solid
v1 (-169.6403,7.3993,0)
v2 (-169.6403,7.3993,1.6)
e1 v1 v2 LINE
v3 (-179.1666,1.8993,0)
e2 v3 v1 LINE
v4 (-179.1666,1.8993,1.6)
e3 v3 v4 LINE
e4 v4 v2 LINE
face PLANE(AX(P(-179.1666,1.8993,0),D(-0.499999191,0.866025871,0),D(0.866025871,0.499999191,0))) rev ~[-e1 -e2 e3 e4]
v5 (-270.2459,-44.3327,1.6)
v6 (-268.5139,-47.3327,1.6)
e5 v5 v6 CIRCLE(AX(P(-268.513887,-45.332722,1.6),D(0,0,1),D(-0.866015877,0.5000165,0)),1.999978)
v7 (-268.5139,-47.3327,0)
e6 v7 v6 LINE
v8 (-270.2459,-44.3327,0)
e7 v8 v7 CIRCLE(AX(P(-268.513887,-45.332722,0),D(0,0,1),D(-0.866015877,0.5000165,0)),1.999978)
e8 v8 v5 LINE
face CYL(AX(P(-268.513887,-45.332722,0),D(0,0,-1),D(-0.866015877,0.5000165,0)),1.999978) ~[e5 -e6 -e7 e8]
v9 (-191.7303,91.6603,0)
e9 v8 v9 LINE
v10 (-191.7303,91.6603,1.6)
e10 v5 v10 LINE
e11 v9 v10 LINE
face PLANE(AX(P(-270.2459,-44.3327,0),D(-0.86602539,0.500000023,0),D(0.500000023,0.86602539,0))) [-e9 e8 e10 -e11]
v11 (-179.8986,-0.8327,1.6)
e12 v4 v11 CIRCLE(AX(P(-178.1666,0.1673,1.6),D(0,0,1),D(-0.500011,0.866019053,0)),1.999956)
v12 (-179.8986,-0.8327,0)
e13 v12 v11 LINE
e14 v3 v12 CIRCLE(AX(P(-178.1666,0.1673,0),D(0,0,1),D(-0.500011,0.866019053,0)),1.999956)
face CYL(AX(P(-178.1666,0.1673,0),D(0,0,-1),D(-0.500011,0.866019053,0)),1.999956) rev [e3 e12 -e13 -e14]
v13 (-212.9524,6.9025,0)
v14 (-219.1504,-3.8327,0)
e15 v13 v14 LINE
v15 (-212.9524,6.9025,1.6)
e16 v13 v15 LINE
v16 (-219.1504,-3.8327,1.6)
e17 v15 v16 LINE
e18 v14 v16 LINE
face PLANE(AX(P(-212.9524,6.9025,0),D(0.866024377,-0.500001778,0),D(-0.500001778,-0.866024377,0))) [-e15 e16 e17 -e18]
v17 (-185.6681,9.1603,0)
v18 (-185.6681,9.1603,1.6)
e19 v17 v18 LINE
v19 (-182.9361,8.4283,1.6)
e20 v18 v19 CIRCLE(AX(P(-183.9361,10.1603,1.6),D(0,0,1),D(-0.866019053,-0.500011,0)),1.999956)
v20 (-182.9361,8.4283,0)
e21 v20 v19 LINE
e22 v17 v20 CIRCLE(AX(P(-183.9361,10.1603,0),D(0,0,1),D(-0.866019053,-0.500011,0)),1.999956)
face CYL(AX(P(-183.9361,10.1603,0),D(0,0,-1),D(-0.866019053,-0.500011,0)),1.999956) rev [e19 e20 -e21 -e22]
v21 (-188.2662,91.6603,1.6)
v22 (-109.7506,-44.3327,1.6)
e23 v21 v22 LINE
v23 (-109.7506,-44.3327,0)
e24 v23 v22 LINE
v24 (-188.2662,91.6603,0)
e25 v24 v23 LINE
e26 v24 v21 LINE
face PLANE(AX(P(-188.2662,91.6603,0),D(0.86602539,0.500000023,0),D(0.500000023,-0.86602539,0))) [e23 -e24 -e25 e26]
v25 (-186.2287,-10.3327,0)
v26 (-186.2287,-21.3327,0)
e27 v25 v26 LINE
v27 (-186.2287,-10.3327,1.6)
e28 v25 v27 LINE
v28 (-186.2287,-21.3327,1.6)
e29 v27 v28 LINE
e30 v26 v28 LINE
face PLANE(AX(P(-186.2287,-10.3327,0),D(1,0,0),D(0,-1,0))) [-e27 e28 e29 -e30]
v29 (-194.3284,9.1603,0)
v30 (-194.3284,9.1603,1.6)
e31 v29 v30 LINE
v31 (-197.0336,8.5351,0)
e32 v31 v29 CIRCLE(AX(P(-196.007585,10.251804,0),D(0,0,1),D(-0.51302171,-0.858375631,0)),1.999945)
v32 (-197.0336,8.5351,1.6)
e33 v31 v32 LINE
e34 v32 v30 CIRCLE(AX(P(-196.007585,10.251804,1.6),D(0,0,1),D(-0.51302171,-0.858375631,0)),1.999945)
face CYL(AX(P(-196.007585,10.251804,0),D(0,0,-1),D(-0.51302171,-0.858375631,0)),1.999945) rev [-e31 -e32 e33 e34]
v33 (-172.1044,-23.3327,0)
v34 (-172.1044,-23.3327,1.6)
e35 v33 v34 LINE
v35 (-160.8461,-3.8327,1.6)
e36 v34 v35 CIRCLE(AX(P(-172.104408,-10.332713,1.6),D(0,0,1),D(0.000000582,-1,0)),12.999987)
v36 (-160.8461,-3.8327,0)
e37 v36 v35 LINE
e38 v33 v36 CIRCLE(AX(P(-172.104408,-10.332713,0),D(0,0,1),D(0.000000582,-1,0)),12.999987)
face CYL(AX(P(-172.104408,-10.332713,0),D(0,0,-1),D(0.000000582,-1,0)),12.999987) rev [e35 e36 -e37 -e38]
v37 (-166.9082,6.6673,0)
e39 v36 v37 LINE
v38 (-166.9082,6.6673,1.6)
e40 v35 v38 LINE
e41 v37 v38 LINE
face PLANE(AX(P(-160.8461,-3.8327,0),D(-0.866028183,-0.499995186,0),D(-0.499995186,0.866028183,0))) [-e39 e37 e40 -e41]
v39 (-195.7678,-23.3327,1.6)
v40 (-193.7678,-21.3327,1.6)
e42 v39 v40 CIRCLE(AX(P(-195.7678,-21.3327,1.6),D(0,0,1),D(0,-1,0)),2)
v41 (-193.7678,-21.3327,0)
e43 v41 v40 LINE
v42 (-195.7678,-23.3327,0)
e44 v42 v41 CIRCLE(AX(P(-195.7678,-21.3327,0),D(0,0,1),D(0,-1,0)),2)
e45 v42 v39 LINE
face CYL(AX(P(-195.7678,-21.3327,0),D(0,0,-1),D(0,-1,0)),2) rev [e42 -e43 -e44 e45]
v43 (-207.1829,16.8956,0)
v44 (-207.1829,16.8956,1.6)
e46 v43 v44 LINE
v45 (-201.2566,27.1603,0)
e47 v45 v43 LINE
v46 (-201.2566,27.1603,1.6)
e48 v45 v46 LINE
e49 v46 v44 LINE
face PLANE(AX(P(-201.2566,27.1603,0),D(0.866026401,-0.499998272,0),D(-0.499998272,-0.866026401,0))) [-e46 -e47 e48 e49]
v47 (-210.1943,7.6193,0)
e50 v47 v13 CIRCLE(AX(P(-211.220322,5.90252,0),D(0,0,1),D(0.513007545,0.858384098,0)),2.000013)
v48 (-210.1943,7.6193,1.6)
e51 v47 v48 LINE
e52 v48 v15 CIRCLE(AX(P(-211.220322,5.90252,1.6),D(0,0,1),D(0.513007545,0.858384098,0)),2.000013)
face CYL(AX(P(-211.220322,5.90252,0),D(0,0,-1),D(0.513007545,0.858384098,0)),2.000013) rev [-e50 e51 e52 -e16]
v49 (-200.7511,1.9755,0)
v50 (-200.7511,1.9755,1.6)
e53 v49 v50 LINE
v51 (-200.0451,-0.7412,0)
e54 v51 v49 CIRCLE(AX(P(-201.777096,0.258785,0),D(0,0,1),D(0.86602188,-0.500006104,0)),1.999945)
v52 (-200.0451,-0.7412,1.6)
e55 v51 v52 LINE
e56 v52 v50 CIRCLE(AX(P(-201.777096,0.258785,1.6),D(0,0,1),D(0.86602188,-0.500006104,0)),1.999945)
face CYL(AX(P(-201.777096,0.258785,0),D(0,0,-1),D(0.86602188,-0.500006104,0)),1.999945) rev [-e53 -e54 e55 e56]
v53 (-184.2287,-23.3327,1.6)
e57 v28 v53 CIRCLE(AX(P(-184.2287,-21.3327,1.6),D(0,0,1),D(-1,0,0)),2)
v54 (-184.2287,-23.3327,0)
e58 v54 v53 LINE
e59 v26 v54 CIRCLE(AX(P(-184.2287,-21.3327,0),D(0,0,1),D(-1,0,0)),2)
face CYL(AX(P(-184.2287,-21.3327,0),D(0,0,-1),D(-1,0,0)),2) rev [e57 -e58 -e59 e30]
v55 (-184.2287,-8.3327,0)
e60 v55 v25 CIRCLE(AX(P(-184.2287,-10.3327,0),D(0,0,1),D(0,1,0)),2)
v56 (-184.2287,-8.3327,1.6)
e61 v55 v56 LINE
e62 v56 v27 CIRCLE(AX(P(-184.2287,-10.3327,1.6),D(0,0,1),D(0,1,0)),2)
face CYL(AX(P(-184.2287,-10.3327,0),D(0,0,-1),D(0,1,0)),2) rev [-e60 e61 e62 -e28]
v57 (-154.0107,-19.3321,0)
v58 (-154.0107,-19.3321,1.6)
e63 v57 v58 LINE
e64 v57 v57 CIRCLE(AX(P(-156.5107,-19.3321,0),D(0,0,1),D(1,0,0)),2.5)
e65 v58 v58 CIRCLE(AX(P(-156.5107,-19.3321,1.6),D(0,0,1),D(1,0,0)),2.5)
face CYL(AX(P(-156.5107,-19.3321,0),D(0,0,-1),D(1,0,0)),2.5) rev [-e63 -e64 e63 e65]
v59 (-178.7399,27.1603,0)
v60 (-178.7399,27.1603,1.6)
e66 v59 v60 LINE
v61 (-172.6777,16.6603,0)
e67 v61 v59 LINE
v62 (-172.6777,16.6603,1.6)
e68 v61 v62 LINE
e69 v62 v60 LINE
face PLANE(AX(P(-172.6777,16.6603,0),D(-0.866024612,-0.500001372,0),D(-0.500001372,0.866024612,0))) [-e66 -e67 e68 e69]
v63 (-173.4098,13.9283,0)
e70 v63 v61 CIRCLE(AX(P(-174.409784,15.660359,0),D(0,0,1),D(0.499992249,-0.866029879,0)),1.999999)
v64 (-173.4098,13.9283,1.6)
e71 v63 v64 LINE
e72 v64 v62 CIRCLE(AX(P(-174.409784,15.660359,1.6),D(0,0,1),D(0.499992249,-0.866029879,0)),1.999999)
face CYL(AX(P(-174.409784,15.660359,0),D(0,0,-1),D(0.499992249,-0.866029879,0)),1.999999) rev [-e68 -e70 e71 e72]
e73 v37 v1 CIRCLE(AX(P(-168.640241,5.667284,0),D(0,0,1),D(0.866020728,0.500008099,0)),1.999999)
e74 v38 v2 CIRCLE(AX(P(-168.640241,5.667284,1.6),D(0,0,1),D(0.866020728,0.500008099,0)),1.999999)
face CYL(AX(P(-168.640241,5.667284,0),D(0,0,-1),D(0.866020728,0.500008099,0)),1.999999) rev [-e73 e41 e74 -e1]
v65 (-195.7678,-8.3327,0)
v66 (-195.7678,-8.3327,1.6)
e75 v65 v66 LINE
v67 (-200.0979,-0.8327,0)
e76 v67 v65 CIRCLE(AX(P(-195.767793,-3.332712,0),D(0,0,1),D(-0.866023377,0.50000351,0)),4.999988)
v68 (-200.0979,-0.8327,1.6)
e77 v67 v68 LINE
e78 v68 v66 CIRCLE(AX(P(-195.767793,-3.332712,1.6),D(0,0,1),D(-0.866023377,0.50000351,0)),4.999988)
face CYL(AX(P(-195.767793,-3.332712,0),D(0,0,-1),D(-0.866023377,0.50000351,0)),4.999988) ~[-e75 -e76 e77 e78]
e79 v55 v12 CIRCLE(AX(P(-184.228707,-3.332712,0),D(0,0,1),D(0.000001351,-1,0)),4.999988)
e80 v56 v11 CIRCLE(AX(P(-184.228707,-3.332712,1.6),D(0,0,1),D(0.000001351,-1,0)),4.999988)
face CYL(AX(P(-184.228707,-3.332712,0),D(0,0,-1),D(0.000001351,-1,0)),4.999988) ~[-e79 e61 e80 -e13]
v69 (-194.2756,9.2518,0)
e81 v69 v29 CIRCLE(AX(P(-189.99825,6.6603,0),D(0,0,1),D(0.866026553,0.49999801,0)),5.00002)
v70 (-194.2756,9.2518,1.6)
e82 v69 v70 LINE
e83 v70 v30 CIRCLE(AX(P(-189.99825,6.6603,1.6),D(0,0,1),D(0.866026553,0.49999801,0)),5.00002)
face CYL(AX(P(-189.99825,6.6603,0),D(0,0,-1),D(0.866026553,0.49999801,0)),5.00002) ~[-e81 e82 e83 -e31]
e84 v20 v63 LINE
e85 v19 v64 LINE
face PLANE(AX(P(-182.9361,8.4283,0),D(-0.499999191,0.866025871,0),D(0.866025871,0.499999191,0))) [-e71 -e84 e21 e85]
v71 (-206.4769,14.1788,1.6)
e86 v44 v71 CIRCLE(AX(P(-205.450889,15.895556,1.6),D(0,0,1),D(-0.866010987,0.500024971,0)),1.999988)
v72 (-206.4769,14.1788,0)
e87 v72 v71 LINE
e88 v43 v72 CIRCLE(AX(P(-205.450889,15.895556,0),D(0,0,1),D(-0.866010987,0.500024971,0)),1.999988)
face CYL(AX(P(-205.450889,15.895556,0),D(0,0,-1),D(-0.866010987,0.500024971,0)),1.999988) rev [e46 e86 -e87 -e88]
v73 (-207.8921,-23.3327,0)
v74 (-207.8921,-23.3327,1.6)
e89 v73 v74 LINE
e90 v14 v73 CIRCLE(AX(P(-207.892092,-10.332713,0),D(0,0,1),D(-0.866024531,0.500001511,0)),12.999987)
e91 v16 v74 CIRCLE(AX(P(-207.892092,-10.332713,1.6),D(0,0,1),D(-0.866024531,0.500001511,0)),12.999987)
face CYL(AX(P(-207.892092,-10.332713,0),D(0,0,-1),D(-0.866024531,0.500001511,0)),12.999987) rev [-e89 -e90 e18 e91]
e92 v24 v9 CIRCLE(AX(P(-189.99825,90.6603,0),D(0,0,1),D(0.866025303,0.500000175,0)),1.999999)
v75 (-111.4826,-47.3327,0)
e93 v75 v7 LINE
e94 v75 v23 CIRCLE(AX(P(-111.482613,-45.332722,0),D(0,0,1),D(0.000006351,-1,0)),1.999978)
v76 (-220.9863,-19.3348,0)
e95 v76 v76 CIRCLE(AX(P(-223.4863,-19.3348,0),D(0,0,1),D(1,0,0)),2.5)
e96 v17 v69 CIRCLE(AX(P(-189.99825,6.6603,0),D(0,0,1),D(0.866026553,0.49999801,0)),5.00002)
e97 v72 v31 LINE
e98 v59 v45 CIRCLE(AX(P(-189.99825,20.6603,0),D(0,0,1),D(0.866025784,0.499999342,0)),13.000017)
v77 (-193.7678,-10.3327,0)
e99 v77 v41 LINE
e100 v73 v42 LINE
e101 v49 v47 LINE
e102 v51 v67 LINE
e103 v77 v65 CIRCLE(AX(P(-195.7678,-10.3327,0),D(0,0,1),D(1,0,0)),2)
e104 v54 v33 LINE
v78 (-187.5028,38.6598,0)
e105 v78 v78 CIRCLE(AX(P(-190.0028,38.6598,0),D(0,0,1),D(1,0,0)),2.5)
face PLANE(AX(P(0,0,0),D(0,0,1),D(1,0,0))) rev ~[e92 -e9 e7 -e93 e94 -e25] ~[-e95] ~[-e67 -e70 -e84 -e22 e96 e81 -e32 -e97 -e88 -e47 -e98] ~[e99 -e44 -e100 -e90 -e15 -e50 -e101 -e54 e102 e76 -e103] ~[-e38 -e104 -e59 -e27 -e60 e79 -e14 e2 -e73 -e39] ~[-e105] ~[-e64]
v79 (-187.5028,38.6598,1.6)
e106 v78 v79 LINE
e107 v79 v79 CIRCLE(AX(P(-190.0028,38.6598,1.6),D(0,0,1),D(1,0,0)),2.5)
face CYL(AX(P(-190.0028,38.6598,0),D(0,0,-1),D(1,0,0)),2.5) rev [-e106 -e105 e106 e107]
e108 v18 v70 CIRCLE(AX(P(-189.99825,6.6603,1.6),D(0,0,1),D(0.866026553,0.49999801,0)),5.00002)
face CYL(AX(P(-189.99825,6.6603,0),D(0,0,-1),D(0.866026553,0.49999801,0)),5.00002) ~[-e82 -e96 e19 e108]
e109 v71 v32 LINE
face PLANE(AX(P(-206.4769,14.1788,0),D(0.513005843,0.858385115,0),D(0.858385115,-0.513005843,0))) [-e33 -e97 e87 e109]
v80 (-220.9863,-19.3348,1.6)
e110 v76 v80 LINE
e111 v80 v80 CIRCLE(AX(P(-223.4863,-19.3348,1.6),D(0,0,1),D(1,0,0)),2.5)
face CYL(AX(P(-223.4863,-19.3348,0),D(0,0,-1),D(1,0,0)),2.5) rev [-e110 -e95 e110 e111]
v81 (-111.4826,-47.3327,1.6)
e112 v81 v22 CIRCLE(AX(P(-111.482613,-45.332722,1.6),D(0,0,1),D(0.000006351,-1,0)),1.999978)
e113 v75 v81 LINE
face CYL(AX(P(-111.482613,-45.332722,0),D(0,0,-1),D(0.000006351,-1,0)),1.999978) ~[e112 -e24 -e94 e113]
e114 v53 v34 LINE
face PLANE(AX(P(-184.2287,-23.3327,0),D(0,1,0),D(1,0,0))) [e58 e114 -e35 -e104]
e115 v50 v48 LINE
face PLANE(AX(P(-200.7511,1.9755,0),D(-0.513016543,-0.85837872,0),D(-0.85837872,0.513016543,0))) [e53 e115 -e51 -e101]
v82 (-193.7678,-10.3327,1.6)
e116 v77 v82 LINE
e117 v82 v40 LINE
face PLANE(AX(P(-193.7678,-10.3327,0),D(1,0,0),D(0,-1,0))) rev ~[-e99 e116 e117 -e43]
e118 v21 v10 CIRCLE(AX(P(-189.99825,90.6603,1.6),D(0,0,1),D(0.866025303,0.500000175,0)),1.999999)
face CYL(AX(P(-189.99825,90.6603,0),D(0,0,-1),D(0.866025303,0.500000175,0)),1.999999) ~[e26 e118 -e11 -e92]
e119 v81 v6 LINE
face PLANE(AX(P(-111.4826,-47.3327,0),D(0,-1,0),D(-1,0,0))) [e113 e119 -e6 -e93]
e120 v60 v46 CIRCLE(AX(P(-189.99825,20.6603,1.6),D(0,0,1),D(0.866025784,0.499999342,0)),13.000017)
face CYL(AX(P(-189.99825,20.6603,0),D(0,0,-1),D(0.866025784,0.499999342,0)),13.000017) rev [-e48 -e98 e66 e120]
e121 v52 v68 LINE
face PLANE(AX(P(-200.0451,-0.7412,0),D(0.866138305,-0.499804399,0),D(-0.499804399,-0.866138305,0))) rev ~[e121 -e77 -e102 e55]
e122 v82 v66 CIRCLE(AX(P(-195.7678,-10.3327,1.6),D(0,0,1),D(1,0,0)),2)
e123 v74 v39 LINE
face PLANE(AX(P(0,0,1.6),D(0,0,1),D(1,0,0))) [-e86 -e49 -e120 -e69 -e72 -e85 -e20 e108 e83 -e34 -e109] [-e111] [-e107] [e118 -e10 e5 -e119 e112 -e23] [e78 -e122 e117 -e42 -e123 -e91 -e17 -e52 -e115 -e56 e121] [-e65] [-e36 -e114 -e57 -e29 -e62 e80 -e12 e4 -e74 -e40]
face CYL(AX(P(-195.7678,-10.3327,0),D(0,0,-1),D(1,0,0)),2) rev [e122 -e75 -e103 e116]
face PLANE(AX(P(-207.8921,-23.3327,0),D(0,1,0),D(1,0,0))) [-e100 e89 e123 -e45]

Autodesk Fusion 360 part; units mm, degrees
sketch "Sketch1" plane through (0, 0, 0) normal (0, 0, 1) x (1, 0, 0)
  circle A0 centre (-190.0028, 38.6598) radius 2.5
  circle A1 centre (-223.4863, -19.3348) radius 2.5
  circle A2 centre (-156.5107, -19.3321) radius 2.5
  line L0 (-270.2459, -44.3327) -> (-191.7303, 91.6603)
  line L1 (-188.2662, 91.6603) -> (-109.7506, -44.3327)
  line L2 (-111.4826, -47.3327) -> (-268.5139, -47.3327)
  line L3 (-274.0245, -46.8774) -> (-272.6069, -49.3327)
  line L4 (-274.0245, -46.8774) -> (-191.4162, 96.2043)
  line L5 (-188.5801, 96.204) -> (-191.4221, 96.204)
  line L6 (-107.3967, -49.3327) -> (-105.9755, -46.8713)
  line L7 (-107.3967, -49.3327) -> (-272.6069, -49.3327)
  line L8 (-188.5801, 96.204) -> (-105.9755, -46.8713)
  arc A3 (-270.2459, -44.3327) -> (-268.5139, -47.3327) centre (-268.5139, -45.3327) ccw
  arc A4 (-188.2662, 91.6603) -> (-191.7303, 91.6603) centre (-189.9983, 90.6603) ccw
  arc A5 (-111.4826, -47.3327) -> (-109.7506, -44.3327) centre (-111.4826, -45.3327) ccw
  arc A6 (-219.1504, -3.8327) -> (-207.8921, -23.3327) centre (-207.8921, -10.3327) ccw
  arc A7 (-178.7399, 27.1603) -> (-201.2566, 27.1603) centre (-189.9983, 20.6603) ccw
  arc A8 (-172.1044, -23.3327) -> (-160.8461, -3.8327) centre (-172.1044, -10.3327) ccw
  arc A9 (-185.6681, 9.1603) -> (-194.3284, 9.1603) centre (-189.9983, 6.6603) ccw
  arc A10 (-200.0979, -0.8327) -> (-195.7678, -8.3327) centre (-195.7678, -3.3327) ccw
  arc A11 (-184.2287, -8.3327) -> (-179.8986, -0.8327) centre (-184.2287, -3.3327) ccw
  line L9 (-182.9361, 8.4283) -> (-173.4098, 13.9283)
  line L10 (-179.1666, 1.8993) -> (-169.6403, 7.3993)
  line L11 (-206.4769, 14.1788) -> (-197.0336, 8.5351)
  line L12 (-200.7511, 1.9755) -> (-210.1943, 7.6193)
  line L13 (-186.2287, -10.3327) -> (-186.2287, -21.3327)
  line L14 (-193.7678, -10.3327) -> (-193.7678, -21.3327)
  line L15 (-194.3284, 9.1603) -> (-194.2756, 9.2518)
  line L16 (-200.0451, -0.7412) -> (-200.0979, -0.8327)
  line L17 (-207.8921, -23.3327) -> (-195.7678, -23.3327)
  line L18 (-184.2287, -23.3327) -> (-172.1044, -23.3327)
  line L19 (-201.2566, 27.1603) -> (-207.1829, 16.8956)
  line L20 (-212.9524, 6.9025) -> (-219.1504, -3.8327)
  line L21 (-160.8461, -3.8327) -> (-166.9082, 6.6673)
  line L22 (-172.6777, 16.6603) -> (-178.7399, 27.1603)
  arc A12 (-185.6681, 9.1603) -> (-182.9361, 8.4283) centre (-183.9361, 10.1603) ccw
  arc A13 (-173.4098, 13.9283) -> (-172.6777, 16.6603) centre (-174.4098, 15.6603) ccw
  arc A14 (-166.9082, 6.6673) -> (-169.6403, 7.3993) centre (-168.6403, 5.6673) ccw
  arc A15 (-179.1666, 1.8993) -> (-179.8986, -0.8327) centre (-178.1666, 0.1673) ccw
  arc A16 (-184.2287, -8.3327) -> (-186.2287, -10.3327) centre (-184.2287, -10.3327) ccw
  arc A17 (-193.7678, -10.3327) -> (-195.7678, -8.3327) centre (-195.7678, -10.3327) ccw
  arc A18 (-200.0451, -0.7412) -> (-200.7511, 1.9755) centre (-201.7771, 0.2588) ccw
  arc A19 (-197.0336, 8.5351) -> (-194.2756, 9.2518) centre (-196.0076, 10.2518) ccw
  arc A20 (-207.1829, 16.8956) -> (-206.4769, 14.1788) centre (-205.4509, 15.8956) ccw
  arc A21 (-210.1943, 7.6193) -> (-212.9524, 6.9025) centre (-211.2204, 5.9025) ccw
  arc A22 (-195.7678, -23.3327) -> (-193.7678, -21.3327) centre (-195.7678, -21.3327) ccw
  arc A23 (-186.2287, -21.3327) -> (-184.2287, -23.3327) centre (-184.2287, -21.3327) ccw
  dimension "d1" = 5
  dimension "d2" = 5
  dimension "d3" = 5
  dimension "d5" = 120
  dimension "d11" = 2.842
  dimension "d12" = 120
  dimension "d13" = 60
  dimension "d16" = 120
  dimension "d17" = 120
  dimension "d18" = 120
  dimension "d19" = 2
  dimension "d20" = 2
  dimension "d21" = 2
  dimension "d22" = 2
  dimension "d23" = 60
  dimension "d24" = 60
  dimension "d25" = 24
  dimension "d26" = 24
  dimension "d27" = 24
  dimension "d28" = 13
  dimension "d32" = 5
  dimension "d34" = 2
  dimension "d35" = 2
  dimension "d36" = 2
  dimension "d37" = 2
  dimension "d38" = 2
  dimension "d39" = 2
  dimension "d40" = 2
  dimension "d41" = 2
extrude "Extrude1" add sketch "Sketch1" along normal blind 1.6 contours L0 L1 L2 A3 A4 A5
